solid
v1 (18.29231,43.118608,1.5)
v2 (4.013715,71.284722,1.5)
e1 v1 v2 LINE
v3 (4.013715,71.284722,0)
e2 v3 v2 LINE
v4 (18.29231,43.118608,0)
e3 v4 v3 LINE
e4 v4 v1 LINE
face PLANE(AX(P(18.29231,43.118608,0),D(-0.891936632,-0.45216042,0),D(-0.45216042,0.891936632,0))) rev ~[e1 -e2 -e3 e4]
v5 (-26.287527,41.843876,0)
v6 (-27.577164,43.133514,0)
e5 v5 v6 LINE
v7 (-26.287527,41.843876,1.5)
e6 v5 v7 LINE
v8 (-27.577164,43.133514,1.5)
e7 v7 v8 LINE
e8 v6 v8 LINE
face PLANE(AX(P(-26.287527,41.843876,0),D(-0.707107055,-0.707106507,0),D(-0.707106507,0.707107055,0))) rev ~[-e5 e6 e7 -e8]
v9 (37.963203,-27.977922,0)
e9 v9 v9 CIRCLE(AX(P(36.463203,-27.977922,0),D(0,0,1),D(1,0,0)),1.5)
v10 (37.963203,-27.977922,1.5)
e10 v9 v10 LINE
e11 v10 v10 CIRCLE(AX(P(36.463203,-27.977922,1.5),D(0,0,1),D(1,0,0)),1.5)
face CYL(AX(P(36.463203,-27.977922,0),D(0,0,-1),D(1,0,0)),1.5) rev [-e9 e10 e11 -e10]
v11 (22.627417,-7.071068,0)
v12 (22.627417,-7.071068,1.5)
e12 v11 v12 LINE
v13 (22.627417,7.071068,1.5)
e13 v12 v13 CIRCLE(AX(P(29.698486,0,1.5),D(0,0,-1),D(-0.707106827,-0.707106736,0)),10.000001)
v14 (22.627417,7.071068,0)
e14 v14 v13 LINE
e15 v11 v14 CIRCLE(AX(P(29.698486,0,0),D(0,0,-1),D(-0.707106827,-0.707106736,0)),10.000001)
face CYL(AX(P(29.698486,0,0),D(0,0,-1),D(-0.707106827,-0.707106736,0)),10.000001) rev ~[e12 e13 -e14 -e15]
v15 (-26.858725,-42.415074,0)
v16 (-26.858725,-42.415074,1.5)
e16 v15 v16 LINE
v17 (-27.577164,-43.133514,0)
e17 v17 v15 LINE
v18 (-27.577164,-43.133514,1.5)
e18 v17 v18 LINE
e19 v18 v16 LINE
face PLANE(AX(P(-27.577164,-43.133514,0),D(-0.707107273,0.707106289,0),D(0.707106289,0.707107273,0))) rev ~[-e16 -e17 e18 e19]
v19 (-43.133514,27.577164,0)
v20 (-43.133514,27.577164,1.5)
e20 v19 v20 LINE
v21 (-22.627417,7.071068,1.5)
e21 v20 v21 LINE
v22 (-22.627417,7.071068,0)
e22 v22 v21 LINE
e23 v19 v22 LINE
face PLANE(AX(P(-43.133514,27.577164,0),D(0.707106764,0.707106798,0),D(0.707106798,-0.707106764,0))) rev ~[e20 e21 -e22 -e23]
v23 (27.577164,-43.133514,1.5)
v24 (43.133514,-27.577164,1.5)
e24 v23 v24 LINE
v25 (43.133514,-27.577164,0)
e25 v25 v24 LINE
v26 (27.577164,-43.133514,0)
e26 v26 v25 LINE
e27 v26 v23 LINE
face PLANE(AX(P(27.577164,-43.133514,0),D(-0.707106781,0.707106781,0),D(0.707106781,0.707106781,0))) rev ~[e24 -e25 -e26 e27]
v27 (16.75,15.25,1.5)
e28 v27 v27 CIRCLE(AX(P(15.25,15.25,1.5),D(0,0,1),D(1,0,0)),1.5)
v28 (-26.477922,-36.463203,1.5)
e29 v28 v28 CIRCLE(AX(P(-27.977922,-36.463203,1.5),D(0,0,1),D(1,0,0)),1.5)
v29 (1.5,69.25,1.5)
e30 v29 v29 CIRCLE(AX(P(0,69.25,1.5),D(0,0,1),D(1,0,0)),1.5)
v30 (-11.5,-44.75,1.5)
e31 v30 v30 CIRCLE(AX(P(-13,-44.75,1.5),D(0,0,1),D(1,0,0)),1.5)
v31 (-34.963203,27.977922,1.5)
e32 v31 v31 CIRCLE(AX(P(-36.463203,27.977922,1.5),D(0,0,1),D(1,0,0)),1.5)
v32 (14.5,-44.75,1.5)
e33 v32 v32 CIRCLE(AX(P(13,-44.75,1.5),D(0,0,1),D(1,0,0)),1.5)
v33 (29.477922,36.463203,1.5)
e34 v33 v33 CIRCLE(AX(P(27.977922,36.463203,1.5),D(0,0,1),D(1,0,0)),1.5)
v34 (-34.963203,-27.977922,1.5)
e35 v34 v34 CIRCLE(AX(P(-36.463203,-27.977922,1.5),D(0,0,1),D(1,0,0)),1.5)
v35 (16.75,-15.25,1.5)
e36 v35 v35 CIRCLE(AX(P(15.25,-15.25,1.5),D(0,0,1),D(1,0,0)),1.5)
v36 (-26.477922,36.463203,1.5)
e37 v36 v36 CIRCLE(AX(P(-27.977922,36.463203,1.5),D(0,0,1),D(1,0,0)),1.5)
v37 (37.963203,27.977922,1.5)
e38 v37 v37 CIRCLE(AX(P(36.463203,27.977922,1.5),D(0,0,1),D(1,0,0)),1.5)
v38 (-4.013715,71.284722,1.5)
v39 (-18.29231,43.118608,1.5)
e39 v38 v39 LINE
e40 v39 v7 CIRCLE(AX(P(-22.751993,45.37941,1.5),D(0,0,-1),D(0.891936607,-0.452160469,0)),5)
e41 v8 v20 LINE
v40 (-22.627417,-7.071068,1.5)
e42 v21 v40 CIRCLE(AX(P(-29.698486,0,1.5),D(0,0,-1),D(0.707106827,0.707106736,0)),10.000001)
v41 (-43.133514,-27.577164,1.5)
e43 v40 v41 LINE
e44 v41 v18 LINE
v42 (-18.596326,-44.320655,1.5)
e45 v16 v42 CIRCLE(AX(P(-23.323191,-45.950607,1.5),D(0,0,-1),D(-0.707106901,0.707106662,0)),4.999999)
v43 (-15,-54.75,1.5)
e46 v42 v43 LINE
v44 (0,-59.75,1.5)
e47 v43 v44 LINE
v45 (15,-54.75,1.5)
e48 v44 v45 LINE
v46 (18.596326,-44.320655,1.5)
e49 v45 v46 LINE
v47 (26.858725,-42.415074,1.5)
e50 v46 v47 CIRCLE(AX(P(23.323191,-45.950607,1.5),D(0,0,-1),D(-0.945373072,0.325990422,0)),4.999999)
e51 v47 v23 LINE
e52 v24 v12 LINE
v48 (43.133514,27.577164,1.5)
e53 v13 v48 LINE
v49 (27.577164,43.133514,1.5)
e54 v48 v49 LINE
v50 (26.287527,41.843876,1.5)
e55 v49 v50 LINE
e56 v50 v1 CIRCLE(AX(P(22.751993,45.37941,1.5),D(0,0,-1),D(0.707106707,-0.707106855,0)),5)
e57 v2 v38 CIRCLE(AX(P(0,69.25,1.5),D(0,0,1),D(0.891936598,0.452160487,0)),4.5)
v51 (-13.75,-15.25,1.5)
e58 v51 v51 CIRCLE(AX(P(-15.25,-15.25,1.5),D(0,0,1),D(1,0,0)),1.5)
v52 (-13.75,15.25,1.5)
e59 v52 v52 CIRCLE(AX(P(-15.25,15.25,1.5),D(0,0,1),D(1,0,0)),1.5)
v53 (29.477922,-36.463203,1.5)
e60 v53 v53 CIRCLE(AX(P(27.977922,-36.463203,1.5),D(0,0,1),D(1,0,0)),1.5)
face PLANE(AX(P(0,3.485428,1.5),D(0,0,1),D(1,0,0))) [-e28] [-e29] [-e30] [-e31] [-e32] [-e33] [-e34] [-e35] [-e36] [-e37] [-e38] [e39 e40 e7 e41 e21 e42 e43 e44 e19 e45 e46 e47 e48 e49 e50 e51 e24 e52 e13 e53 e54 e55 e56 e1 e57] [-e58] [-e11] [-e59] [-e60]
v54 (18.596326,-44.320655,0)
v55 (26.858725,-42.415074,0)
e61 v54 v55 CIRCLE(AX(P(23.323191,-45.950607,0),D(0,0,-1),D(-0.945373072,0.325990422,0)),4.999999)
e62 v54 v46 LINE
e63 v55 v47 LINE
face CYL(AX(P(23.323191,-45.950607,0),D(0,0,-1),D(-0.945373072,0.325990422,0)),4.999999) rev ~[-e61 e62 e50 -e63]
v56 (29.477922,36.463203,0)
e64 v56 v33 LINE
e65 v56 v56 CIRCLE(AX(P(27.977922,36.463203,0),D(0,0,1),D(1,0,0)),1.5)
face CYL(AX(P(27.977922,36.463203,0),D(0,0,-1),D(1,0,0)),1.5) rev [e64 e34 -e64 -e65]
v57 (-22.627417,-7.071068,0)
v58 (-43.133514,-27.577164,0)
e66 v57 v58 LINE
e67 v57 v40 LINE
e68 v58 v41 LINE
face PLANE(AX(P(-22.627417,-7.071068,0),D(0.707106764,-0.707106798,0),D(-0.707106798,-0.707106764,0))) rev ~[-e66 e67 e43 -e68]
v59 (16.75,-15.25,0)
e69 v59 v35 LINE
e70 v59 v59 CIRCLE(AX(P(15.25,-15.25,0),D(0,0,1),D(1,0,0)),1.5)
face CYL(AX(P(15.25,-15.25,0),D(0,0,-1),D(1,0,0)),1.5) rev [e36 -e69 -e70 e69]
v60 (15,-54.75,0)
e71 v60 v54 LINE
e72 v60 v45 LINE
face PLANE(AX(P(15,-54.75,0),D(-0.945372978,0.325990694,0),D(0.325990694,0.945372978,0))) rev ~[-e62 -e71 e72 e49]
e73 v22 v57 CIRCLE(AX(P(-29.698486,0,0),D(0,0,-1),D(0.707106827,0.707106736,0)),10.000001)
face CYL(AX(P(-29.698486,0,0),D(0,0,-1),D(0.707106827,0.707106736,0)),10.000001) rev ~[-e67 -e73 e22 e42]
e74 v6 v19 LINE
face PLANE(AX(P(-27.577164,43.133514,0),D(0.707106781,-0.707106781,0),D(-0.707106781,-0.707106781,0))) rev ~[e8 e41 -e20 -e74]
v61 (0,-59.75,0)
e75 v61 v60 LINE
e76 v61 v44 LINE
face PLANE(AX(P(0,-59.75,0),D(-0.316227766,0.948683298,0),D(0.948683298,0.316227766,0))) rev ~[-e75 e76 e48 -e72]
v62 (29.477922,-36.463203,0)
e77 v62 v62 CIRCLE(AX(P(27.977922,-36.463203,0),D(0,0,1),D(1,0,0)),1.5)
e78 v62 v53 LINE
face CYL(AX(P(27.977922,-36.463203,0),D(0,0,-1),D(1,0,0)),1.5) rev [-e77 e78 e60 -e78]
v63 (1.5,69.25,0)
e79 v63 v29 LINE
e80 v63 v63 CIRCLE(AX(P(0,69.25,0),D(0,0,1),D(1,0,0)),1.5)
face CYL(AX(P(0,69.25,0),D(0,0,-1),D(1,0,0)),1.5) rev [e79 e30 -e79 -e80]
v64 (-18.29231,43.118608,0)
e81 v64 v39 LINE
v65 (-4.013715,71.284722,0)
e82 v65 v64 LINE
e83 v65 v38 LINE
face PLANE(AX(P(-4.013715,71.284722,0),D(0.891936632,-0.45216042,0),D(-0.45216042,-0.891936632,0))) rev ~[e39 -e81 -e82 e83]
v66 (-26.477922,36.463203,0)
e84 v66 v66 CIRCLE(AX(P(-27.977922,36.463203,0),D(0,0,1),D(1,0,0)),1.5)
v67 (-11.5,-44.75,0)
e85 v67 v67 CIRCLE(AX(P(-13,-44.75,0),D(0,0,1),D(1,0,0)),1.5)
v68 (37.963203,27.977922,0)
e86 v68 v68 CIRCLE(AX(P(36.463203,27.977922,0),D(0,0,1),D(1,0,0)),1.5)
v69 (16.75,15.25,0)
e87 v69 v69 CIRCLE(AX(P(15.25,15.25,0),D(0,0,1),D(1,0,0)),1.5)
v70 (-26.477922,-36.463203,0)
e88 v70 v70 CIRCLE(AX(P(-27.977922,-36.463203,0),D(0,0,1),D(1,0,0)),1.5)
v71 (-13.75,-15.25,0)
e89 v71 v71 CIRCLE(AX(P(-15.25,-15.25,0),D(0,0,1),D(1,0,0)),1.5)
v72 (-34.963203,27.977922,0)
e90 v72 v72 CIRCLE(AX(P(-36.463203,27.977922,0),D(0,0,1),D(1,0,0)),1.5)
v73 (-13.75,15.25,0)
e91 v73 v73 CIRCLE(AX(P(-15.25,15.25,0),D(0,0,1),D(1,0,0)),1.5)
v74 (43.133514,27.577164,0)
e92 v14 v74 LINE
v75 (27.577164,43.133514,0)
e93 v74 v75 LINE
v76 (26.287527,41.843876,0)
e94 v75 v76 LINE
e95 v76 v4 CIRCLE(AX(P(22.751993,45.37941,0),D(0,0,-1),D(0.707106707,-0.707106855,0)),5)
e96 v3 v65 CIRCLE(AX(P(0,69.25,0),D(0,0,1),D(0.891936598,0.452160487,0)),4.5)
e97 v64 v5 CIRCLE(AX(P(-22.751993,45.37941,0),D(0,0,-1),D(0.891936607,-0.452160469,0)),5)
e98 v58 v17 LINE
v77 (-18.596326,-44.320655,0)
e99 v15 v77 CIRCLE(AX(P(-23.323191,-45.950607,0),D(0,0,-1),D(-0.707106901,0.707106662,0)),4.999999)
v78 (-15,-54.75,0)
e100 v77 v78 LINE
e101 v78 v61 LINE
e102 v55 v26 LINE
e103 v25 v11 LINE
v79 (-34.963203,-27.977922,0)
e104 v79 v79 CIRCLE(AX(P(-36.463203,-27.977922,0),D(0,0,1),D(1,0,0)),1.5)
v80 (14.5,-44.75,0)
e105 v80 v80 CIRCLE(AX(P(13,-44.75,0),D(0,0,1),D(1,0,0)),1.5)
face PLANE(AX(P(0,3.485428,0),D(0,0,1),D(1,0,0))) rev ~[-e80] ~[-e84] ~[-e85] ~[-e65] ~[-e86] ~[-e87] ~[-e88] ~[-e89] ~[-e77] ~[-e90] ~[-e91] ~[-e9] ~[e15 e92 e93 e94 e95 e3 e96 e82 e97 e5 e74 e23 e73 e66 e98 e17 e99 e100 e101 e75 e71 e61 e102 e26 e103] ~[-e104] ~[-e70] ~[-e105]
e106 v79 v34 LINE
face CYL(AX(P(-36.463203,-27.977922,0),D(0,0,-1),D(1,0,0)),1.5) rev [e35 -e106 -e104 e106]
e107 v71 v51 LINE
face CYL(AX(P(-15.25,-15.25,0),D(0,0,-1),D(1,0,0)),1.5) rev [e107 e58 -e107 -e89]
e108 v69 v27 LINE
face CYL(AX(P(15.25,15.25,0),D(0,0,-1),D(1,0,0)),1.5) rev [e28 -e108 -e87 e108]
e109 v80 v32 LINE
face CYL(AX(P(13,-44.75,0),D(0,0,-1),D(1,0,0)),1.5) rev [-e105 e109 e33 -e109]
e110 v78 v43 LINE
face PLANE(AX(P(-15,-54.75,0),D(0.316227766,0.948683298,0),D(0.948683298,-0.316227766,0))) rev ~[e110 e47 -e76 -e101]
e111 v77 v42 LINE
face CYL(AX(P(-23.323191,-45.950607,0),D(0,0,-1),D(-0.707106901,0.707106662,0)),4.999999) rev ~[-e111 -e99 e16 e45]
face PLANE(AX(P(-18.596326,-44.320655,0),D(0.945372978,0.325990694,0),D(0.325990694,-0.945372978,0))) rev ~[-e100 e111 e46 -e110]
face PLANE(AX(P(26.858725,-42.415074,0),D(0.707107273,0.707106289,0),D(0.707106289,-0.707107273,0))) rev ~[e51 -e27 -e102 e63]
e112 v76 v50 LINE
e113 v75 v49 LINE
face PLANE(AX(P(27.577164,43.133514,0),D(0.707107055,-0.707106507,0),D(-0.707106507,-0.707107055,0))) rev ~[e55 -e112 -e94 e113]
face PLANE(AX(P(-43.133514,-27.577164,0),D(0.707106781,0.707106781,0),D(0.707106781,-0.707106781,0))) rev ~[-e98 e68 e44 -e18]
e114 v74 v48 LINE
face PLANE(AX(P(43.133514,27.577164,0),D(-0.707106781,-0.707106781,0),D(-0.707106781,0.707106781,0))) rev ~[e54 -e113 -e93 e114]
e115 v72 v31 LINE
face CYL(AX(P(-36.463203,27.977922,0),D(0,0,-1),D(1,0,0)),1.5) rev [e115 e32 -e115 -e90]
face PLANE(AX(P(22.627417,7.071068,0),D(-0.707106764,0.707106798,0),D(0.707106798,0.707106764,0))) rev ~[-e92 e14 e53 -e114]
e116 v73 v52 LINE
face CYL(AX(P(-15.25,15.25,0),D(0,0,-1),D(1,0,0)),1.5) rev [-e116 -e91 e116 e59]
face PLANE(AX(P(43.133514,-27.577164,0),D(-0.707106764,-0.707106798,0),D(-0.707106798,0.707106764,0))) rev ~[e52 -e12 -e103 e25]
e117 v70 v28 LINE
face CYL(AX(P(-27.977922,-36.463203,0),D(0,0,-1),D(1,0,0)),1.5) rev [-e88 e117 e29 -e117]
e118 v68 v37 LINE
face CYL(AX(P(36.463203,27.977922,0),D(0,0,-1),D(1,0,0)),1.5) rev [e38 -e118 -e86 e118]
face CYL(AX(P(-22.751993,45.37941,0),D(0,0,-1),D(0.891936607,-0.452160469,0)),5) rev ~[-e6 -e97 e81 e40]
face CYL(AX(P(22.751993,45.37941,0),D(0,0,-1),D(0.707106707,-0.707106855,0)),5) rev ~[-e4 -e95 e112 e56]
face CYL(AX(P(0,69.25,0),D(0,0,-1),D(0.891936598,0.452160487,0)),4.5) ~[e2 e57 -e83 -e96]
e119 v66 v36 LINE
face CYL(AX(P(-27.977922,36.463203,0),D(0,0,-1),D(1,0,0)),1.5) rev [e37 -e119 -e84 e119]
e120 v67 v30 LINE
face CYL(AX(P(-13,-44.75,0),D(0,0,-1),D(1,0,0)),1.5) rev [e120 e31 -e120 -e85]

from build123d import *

# Parameters (mm, degrees)
F0_R     = 1.5
F1_DEPTH = 1.5


with BuildPart() as f1:
    # F0 (on Top) → F1 (new body)
    with BuildSketch(Plane.XY):
        with BuildLine():
            Line((-27.577164, 43.133514), (-43.133514, 27.577164))
            Line((-43.133514, 27.577164), (-22.627417, 7.071068))
            ThreePointArc((-22.627417, 7.071068), (-19.698485, 0), (-22.627417, -7.071068))
            Line((-22.627417, -7.071068), (-43.133514, -27.577164))
            Line((-43.133514, -27.577164), (-27.577164, -43.133514))
            Line((-27.577164, -43.133514), (-26.858725, -42.415074))
            ThreePointArc((-26.858725, -42.415074), (-22.199524, -41.078506), (-18.596326, -44.320655))
            Line((-18.596326, -44.320655), (-15, -54.75))
            Line((-15, -54.75), (0, -59.75))
            Line((0, -59.75), (15, -54.75))
            Line((15, -54.75), (18.596326, -44.320655))
            ThreePointArc((18.596326, -44.320655), (22.199524, -41.078506), (26.858725, -42.415074))
            Line((26.858725, -42.415074), (27.577164, -43.133514))
            Line((27.577164, -43.133514), (43.133514, -27.577164))
            Line((43.133514, -27.577164), (22.627417, -7.071068))
            ThreePointArc((22.627417, -7.071068), (19.698485, 0), (22.627417, 7.071068))
            Line((22.627417, 7.071068), (43.133514, 27.577164))
            Line((43.133514, 27.577164), (27.577164, 43.133514))
            Line((27.577164, 43.133514), (26.287527, 41.843876))
            ThreePointArc((26.287527, 41.843876), (21.964752, 40.441774), (18.29231, 43.118608))
            Line((18.29231, 43.118608), (4.013715, 71.284722))
            ThreePointArc((4.013715, 71.284722), (0, 73.75), (-4.013715, 71.284722))
            Line((-4.013715, 71.284722), (-18.29231, 43.118608))
            ThreePointArc((-18.29231, 43.118608), (-21.964752, 40.441774), (-26.287527, 41.843876))
            Line((-26.287527, 41.843876), (-27.577164, 43.133514))
        make_face()
        with Locations((-36.463203, -27.977922)):
            Circle(F0_R, mode=Mode.SUBTRACT)
        with Locations((-27.977922, -36.463203)):
            Circle(F0_R, mode=Mode.SUBTRACT)
        with Locations((-13, -44.75)):
            Circle(F0_R, mode=Mode.SUBTRACT)
        with Locations((-15.25, -15.25)):
            Circle(F0_R, mode=Mode.SUBTRACT)
        with Locations((13, -44.75)):
            Circle(F0_R, mode=Mode.SUBTRACT)
        with Locations((27.977922, -36.463203)):
            Circle(F0_R, mode=Mode.SUBTRACT)
        with Locations((36.463203, -27.977922)):
            Circle(F0_R, mode=Mode.SUBTRACT)
        with Locations((15.25, -15.25)):
            Circle(F0_R, mode=Mode.SUBTRACT)
        with Locations((-36.463203, 27.977922)):
            Circle(F0_R, mode=Mode.SUBTRACT)
        with Locations((-27.977922, 36.463203)):
            Circle(F0_R, mode=Mode.SUBTRACT)
        with Locations((-15.25, 15.25)):
            Circle(F0_R, mode=Mode.SUBTRACT)
        with Locations((0, 69.25)):
            Circle(F0_R, mode=Mode.SUBTRACT)
        with Locations((15.25, 15.25)):
            Circle(F0_R, mode=Mode.SUBTRACT)
        with Locations((27.977922, 36.463203)):
            Circle(F0_R, mode=Mode.SUBTRACT)
        with Locations((36.463203, 27.977922)):
            Circle(F0_R, mode=Mode.SUBTRACT)
    extrude(amount=F1_DEPTH)


solid = f1.part
